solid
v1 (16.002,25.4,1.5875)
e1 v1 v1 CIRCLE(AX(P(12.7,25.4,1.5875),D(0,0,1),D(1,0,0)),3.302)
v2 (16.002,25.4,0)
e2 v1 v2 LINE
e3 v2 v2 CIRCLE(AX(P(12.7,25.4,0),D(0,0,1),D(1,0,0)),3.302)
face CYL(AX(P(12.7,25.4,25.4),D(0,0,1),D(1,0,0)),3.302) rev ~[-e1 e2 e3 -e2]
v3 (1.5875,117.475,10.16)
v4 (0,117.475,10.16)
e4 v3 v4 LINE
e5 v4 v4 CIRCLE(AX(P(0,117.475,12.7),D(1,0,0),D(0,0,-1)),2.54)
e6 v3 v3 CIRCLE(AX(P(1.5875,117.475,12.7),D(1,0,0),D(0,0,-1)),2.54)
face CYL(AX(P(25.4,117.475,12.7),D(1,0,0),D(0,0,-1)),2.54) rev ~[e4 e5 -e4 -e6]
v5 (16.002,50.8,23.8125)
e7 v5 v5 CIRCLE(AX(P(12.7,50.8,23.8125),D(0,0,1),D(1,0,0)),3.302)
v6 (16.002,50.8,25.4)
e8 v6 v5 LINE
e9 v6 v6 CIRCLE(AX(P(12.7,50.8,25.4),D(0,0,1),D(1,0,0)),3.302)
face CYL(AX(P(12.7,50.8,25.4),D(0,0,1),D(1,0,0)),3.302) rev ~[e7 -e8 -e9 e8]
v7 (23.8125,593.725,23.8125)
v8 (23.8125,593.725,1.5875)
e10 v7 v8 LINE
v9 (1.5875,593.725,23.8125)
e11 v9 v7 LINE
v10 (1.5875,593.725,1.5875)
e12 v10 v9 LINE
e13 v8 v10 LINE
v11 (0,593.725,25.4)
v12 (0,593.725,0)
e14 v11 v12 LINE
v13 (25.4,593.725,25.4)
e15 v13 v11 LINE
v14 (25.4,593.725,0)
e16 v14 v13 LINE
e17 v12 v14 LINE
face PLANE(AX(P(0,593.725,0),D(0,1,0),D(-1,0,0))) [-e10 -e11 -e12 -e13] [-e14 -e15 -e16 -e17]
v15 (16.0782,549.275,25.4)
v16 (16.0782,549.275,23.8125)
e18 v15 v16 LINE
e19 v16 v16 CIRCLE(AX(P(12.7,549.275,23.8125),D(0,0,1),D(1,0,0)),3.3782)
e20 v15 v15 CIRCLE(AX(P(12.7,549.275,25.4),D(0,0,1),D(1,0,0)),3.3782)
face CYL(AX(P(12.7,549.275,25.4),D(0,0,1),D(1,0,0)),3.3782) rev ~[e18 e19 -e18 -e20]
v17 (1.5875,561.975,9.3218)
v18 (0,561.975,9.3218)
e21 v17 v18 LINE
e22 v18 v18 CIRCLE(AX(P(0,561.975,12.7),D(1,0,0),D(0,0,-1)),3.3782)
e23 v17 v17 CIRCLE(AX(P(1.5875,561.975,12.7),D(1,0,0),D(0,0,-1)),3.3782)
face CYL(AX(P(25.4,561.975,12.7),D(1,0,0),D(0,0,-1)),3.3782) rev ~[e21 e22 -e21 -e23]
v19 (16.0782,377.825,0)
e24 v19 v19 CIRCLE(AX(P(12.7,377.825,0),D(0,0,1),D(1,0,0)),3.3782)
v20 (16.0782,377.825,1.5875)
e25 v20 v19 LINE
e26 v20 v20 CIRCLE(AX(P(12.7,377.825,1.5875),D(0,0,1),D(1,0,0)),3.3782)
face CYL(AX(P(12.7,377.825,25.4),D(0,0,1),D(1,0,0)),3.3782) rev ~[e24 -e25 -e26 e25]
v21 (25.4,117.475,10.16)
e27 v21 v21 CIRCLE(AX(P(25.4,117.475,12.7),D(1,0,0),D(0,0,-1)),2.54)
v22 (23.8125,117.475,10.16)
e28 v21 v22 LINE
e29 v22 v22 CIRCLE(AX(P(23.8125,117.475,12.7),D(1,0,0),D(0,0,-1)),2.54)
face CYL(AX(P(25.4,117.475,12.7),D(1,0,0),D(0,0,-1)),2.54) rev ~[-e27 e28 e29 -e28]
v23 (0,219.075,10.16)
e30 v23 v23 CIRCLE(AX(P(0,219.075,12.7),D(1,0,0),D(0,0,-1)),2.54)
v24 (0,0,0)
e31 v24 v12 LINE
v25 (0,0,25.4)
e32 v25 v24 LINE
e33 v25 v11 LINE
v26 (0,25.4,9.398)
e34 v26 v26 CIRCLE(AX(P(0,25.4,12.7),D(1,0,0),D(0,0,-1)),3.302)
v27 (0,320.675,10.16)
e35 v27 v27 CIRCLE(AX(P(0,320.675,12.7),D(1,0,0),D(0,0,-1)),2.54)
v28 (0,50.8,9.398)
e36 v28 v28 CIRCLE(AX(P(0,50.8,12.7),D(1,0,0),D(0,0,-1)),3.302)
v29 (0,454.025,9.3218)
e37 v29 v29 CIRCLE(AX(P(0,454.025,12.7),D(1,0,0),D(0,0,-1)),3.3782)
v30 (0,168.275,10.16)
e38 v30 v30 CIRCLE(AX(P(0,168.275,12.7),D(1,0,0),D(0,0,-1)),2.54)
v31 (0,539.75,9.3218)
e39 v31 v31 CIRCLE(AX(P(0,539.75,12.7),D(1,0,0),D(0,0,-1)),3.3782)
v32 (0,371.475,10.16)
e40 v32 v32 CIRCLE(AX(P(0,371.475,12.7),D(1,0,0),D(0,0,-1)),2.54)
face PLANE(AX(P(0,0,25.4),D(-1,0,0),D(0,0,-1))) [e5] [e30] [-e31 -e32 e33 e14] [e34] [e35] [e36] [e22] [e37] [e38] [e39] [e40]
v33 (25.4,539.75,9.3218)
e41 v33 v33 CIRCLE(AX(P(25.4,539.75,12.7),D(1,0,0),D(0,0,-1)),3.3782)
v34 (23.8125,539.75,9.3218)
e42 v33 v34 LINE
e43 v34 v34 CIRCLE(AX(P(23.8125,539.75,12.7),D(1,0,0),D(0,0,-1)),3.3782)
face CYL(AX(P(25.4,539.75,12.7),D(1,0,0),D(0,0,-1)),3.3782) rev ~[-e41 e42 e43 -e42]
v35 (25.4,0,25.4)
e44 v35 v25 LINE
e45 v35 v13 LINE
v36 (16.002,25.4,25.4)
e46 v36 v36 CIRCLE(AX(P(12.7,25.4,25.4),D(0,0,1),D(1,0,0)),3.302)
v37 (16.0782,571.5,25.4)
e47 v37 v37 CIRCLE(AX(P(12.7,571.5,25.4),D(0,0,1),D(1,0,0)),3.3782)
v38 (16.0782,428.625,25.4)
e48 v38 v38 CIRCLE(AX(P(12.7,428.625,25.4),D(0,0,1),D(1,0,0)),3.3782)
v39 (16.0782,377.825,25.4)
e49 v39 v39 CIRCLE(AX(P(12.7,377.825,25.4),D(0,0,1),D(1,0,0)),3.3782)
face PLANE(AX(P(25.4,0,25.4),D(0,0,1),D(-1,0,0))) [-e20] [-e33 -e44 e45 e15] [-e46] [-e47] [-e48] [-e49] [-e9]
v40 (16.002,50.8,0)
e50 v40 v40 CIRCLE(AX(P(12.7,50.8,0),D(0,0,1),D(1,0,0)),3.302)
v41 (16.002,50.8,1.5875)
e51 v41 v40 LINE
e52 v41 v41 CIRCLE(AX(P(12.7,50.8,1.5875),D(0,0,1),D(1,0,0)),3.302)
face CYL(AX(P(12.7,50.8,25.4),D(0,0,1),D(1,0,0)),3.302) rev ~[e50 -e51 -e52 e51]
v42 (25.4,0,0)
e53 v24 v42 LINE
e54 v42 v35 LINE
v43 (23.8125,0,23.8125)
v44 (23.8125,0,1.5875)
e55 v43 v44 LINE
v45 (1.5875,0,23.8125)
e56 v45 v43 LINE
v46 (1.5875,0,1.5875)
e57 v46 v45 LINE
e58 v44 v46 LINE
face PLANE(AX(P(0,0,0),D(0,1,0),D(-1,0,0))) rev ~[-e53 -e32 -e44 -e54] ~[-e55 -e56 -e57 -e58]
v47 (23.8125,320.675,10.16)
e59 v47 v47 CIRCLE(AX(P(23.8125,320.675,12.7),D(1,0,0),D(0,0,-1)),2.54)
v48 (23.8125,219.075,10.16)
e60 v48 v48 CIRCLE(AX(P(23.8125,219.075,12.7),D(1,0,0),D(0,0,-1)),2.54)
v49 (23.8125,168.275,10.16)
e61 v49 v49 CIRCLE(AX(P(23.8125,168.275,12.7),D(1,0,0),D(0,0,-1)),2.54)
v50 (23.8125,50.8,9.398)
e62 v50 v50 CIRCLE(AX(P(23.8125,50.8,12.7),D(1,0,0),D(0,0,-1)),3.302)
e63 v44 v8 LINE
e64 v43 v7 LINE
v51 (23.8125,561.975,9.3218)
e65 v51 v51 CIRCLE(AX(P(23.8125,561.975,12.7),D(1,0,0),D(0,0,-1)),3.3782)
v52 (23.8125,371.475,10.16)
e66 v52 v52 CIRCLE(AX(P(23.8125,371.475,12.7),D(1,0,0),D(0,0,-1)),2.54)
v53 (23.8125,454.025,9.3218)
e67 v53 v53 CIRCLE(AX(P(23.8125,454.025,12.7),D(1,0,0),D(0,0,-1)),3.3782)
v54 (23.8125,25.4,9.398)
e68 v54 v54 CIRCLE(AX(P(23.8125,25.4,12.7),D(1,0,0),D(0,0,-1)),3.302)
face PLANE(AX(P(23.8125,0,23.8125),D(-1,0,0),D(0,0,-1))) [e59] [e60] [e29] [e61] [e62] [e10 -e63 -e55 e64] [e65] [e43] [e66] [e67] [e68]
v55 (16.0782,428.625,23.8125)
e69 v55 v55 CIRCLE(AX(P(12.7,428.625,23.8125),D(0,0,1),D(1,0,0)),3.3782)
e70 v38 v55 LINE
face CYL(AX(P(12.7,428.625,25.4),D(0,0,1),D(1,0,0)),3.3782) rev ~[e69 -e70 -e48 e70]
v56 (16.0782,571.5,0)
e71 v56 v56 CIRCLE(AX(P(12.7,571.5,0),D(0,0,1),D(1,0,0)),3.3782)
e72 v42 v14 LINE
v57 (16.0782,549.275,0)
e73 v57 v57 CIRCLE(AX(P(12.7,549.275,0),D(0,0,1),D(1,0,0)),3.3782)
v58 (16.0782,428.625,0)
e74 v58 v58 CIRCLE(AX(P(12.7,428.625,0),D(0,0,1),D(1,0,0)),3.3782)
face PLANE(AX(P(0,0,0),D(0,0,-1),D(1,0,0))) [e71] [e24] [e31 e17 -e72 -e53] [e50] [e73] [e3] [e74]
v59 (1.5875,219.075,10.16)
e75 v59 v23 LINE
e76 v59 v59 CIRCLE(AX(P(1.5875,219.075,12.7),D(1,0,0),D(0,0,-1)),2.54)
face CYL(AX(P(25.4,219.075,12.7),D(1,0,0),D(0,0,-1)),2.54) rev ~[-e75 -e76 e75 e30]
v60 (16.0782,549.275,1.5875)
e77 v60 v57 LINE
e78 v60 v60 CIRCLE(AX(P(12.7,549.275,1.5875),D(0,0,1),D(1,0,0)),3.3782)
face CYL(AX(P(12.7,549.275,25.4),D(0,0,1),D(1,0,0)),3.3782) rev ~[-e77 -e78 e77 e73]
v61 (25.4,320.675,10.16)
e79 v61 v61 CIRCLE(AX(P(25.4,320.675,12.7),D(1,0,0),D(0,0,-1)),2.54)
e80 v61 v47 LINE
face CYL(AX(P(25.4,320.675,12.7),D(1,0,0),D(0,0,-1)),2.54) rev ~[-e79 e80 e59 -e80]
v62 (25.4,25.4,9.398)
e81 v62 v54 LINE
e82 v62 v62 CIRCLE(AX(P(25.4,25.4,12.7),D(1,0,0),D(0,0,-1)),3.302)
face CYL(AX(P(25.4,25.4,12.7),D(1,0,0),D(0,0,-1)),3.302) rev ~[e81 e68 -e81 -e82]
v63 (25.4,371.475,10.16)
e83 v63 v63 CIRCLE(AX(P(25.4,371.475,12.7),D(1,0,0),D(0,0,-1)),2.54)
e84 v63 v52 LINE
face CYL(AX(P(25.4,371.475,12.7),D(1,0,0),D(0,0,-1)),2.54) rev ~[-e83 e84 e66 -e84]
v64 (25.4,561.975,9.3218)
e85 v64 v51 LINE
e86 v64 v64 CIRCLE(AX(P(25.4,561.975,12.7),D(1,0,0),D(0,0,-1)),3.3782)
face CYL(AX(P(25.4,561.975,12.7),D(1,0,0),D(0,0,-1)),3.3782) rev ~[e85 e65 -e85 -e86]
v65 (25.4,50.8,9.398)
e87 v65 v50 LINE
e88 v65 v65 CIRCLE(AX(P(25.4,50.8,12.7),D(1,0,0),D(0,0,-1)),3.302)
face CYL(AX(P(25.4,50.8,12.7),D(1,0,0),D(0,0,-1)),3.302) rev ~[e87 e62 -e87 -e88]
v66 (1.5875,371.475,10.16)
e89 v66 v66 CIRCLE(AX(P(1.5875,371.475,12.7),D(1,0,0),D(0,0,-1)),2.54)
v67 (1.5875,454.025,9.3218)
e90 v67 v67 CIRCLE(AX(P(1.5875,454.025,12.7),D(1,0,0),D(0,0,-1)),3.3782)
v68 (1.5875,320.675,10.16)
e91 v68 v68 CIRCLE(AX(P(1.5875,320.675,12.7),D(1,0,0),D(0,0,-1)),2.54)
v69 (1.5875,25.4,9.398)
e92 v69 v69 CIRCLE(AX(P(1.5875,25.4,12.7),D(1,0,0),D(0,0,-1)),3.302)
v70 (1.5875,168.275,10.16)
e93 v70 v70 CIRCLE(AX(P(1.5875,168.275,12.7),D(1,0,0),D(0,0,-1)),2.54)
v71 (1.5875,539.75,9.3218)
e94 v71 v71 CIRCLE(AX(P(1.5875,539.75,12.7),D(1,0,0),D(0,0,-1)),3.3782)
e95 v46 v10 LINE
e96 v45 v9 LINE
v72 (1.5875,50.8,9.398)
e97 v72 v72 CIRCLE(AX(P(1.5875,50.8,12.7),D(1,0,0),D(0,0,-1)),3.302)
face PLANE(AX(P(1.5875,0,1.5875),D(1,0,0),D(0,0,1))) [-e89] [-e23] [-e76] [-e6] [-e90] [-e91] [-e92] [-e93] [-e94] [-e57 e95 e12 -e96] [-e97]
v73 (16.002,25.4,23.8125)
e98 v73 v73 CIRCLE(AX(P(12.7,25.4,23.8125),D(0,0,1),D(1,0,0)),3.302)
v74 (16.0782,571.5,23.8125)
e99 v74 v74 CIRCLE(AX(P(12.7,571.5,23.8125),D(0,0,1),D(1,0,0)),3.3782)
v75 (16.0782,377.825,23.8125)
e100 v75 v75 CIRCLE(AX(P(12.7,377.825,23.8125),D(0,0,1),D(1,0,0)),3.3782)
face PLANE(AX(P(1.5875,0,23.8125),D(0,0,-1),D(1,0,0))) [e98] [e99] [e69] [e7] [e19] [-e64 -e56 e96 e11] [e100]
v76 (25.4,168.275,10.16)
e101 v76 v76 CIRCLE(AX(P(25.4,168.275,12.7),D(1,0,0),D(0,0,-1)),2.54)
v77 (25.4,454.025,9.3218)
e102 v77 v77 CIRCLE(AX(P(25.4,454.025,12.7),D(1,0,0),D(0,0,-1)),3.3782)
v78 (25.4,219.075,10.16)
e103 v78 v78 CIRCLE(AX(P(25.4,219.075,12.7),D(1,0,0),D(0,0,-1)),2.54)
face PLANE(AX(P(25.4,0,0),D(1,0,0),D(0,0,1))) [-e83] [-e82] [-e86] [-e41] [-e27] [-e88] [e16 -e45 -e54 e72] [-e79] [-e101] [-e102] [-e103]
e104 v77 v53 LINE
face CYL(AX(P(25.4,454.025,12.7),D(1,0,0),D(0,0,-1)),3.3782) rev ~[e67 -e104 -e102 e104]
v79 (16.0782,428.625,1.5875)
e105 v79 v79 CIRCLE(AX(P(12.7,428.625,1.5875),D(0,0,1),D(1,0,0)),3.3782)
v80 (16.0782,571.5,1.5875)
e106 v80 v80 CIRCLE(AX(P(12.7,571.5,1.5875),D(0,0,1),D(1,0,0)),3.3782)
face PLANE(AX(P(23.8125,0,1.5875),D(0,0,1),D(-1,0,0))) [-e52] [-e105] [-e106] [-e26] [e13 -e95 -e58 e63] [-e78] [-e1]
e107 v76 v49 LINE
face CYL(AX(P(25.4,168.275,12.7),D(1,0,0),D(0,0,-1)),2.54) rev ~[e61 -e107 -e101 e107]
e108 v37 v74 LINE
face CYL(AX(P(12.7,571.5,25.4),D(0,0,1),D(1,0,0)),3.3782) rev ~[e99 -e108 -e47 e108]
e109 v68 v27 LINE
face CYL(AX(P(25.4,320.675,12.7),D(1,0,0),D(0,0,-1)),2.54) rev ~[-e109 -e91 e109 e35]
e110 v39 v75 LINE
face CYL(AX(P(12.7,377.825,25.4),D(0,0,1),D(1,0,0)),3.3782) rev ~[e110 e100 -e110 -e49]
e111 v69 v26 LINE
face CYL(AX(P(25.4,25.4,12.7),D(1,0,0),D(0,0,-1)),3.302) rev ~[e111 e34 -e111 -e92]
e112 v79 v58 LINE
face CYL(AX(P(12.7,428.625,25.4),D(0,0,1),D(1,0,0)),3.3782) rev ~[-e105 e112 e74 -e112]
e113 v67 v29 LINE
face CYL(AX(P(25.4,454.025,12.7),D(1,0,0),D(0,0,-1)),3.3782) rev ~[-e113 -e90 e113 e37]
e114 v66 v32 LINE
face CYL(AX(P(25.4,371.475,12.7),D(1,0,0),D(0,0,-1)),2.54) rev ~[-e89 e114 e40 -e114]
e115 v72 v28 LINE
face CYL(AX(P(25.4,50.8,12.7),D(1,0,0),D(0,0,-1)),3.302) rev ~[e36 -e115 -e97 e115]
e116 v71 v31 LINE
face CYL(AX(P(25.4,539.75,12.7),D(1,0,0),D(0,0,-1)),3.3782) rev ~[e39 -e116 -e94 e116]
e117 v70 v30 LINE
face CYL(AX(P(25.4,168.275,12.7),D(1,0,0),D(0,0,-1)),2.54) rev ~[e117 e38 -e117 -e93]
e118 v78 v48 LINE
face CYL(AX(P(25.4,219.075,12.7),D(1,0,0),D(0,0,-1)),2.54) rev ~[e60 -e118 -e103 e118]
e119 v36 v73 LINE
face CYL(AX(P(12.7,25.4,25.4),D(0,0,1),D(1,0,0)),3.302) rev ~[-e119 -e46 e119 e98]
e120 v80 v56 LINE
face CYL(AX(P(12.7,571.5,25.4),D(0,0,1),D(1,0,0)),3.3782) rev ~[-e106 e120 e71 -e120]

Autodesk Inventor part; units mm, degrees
ref_plane "YZ Plane" through (0, 0, 0) normal (1, 0, 0) x (0, 1, 0)
ref_plane "XZ Plane" through (0, 0, 0) normal (0, 1, 0) x (-1, 0, 0)
ref_plane "XY Plane" through (0, 0, 0) normal (0, 0, 1) x (1, 0, 0)
sketch "Sketch1" plane through (0, 0, 0) normal (0, 1, 0) x (-1, 0, 0)
  line L0 (0, 0) -> (-25.4, 0)
  line L1 (-25.4, 0) -> (-25.4, 25.4)
  line L2 (-25.4, 25.4) -> (0, 25.4)
  line L3 (0, 25.4) -> (0, 0)
  line L4 (-1.5875, 23.8125) -> (-23.8125, 23.8125)
  line L5 (-23.8125, 23.8125) -> (-23.8125, 1.5875)
  line L6 (-23.8125, 1.5875) -> (-1.5875, 1.5875)
  line L7 (-1.5875, 1.5875) -> (-1.5875, 23.8125)
  dimension "d0" = 25.4
  dimension "d2" = 25.4
  dimension "d3" = 1.5875
extrude "Extrusion1" add sketch "Sketch1" along normal blind 593.725
sketch "Sketch5" plane through (25.4, 0, 25.4) normal (1, 0, 0) x (0, 0, -1)
  circle A0 centre (12.7, 561.975) radius 3.3782 projected
  circle A1 centre (12.7, 539.75) radius 3.3782 projected
  circle A2 centre (12.7, 454.025) radius 3.3782 projected
  circle A3 centre (12.7, 25.4) radius 3.302 projected
  circle A4 centre (12.7, 50.8) radius 3.302 projected
  arc A5 (3.175, 63.5) -> (0, 60.325) centre (3.175, 60.325) ccw construction
  line L0 (3.175, 63.5) -> (22.225, 63.5) construction
  arc A6 (25.4, 60.325) -> (22.225, 63.5) centre (22.225, 60.325) ccw construction
  line L1 (25.4, 60.325) -> (25.4, 4.445) construction
  line L2 (25.4, 4.445) -> (0, 4.445) construction
  line L3 (0, 60.325) -> (0, 4.445) construction
  circle A7 centre (12.7, 371.475) radius 2.54 projected
  circle A8 centre (12.7, 320.675) radius 2.54 projected
  circle A9 centre (12.7, 219.075) radius 2.54 projected
  circle A10 centre (12.7, 168.275) radius 2.54 projected
  circle A11 centre (12.7, 117.475) radius 2.54 projected
sketch "Sketch6" plane through (0, 0, 25.4) normal (0, 0, 1) x (1, 0, 0)
  circle A0 centre (12.7, 428.625) radius 3.3782 projected
  circle A1 centre (12.7, 377.825) radius 3.3782 projected
  circle A2 centre (12.7, 25.4) radius 3.302 projected
  circle A3 centre (12.7, 50.8) radius 3.302 projected
  arc A4 (3.175, 63.5) -> (0, 60.325) centre (3.175, 60.325) ccw projected
  line L0 (3.175, 63.5) -> (22.225, 63.5) projected
  arc A5 (25.4, 60.325) -> (22.225, 63.5) centre (22.225, 60.325) ccw projected
  line L1 (25.4, 60.325) -> (25.4, 4.445) projected
  line L2 (25.4, 4.445) -> (0, 4.445) projected
  line L3 (0, 60.325) -> (0, 4.445) projected
  circle A6 centre (12.7, 571.5) radius 3.3782 projected
  circle A7 centre (12.7, 549.275) radius 3.3782 projected
extrude "Extrusion2" cut sketch "Sketch5" against normal blind 25.4
extrude "Extrusion3" cut sketch "Sketch6" against normal blind 25.4 contours A0 | A1 | A2 | A3 | A6 | A7
equation "\"BendRadius\" = Thickness"
equation "\"BendReliefWidth\" = Thickness"
equation "\"BendReliefDepth\" = 0.5 * Thickness"
equation "\"CornerReliefSize\" = 4 * Thickness"
equation "\"MinimumRemnant\" = 2 * Thickness"
equation "\"TransitionRadius\" = BendRadius"
equation "\"JacobiRadiusSize\" = Thickness"
equation "\"GapSize\" = Thickness"
equation "\"Thickness\" = 3.048"
properties part number "Rebuild Edge Mount 3" material "Aluminum 6061"
